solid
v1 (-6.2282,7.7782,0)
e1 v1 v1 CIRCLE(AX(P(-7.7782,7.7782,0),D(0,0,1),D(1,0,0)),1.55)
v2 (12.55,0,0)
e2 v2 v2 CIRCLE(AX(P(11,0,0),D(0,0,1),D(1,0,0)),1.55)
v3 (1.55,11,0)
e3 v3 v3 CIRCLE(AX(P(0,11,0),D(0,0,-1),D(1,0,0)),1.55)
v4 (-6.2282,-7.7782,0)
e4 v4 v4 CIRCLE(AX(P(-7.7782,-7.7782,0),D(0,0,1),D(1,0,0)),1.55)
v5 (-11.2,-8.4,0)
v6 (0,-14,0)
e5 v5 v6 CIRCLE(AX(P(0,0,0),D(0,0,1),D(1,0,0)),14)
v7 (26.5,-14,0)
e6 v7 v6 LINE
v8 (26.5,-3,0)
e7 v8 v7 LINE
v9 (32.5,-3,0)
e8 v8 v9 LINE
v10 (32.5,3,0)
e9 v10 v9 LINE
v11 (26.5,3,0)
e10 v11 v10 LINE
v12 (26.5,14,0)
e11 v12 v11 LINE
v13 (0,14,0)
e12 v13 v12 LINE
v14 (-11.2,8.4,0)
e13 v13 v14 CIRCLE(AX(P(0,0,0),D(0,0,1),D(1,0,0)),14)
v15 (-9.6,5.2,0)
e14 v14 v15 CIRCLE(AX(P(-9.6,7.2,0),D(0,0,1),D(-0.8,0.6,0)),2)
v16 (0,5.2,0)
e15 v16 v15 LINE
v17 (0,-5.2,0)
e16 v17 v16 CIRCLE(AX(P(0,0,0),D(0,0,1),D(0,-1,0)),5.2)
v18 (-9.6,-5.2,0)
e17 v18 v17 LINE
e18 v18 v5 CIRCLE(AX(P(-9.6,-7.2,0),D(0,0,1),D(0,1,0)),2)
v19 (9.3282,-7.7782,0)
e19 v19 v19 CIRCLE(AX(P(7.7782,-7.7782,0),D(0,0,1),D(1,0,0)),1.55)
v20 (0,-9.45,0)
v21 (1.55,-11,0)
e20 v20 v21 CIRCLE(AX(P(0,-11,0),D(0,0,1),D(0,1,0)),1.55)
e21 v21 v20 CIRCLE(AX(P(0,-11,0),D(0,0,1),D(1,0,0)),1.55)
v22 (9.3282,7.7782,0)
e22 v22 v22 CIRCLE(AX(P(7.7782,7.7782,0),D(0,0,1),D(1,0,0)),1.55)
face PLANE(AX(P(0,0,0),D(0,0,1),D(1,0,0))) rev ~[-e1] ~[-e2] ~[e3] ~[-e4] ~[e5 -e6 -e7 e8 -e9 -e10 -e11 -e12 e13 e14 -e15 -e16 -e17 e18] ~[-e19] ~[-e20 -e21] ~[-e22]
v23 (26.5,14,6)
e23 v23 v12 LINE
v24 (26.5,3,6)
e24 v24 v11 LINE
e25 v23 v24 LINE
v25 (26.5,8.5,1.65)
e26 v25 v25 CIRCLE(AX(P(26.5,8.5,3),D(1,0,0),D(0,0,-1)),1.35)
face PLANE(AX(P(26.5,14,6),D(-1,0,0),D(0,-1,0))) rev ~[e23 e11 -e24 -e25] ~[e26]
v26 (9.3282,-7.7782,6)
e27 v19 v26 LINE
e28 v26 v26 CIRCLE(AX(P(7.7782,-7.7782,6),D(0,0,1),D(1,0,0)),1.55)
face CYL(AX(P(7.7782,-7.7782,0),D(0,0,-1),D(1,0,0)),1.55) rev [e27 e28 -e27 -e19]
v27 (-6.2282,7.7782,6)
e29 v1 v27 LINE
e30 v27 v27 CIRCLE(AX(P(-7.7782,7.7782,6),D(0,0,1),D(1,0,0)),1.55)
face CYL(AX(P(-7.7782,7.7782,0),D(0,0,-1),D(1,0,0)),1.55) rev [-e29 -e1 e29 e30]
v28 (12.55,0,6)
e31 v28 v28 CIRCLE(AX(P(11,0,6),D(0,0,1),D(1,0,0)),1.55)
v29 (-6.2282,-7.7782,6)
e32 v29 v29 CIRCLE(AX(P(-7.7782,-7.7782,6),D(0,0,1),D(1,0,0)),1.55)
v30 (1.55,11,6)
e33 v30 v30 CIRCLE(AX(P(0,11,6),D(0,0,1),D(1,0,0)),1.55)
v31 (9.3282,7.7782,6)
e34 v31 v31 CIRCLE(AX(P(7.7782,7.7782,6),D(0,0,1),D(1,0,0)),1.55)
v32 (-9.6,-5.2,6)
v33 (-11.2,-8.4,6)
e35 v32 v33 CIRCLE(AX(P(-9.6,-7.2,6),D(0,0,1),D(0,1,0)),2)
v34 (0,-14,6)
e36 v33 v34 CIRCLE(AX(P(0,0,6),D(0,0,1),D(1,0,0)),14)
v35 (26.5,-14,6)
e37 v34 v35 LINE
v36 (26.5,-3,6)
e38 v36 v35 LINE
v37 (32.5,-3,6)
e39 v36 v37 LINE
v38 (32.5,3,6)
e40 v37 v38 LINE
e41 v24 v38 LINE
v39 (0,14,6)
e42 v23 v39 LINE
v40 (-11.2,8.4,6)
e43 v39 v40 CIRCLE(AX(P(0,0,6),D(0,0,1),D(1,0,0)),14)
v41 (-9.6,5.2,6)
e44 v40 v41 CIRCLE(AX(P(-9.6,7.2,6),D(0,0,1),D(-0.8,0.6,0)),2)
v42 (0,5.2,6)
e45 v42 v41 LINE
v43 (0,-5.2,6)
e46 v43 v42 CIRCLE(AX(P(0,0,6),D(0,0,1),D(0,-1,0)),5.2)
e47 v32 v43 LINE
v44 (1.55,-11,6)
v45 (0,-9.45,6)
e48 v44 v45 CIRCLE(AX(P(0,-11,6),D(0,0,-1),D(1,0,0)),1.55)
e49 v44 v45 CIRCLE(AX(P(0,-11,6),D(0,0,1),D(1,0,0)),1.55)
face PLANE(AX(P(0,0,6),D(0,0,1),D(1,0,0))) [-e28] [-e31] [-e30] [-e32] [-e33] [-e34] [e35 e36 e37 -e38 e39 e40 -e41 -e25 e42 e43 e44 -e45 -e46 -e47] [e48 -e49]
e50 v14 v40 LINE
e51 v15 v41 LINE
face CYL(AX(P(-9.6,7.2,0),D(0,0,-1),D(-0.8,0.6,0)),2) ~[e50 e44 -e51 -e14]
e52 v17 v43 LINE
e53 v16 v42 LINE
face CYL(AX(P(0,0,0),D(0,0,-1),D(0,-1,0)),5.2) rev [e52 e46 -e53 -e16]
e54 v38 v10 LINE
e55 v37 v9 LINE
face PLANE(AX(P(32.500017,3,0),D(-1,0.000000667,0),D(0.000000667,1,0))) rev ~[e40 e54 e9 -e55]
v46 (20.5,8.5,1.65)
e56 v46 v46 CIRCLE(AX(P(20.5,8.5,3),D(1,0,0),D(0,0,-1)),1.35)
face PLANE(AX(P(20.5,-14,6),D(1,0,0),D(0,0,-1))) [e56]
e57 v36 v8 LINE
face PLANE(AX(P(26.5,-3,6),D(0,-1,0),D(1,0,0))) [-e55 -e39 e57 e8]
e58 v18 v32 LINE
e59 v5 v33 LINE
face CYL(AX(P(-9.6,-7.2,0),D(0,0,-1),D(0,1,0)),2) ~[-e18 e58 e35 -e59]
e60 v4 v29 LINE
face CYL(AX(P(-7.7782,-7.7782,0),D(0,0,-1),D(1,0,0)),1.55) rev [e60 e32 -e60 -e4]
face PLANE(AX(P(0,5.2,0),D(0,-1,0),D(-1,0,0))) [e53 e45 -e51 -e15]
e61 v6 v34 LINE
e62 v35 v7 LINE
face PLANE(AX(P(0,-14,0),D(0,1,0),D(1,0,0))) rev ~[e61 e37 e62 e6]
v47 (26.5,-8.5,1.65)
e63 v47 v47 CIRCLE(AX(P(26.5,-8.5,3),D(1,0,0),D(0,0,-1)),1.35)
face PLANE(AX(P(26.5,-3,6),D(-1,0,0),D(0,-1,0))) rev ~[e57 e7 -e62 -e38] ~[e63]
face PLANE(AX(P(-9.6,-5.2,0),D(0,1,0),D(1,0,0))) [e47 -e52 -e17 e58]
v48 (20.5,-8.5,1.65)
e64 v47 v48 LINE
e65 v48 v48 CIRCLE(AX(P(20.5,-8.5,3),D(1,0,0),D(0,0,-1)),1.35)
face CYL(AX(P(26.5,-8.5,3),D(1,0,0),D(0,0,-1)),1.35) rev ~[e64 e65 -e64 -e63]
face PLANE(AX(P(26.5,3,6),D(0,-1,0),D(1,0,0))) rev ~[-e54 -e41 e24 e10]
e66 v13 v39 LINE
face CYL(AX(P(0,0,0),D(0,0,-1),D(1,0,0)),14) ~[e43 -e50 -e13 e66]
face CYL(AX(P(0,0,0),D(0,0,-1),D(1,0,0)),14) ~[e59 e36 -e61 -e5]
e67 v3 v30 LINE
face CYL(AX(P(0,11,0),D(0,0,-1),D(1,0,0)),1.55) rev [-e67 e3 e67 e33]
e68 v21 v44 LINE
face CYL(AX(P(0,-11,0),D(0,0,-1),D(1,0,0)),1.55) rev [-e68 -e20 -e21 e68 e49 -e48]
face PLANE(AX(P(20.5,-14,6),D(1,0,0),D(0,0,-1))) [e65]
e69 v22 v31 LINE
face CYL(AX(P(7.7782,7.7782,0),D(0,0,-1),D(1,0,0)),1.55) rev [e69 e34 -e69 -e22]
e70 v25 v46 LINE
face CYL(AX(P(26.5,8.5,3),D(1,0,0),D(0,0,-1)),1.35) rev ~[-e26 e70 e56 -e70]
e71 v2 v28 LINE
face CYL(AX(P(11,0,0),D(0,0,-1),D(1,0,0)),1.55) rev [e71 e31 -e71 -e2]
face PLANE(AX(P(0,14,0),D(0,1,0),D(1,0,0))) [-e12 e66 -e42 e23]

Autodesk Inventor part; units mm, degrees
ref_plane "YZ Plane" through (0, 0, 0) normal (1, 0, 0) x (0, 1, 0)
ref_plane "XZ Plane" through (0, 0, 0) normal (0, 1, 0) x (-1, 0, 0)
ref_plane "XY Plane" through (0, 0, 0) normal (0, 0, 1) x (1, 0, 0)
sketch "스케치1" plane through (0, 0, 0) normal (0, 0, 1) x (1, 0, 0)
  circle A0 centre (-7.7782, -7.7782) radius 1.55 projected
  circle A1 centre (7.7782, -7.7782) radius 1.55 projected
  circle A2 centre (7.7782, 7.7782) radius 1.55 projected
  circle A3 centre (-7.7782, 7.7782) radius 1.55 projected
  circle A4 centre (0, 11) radius 1.55 projected
  circle A5 centre (11, 0) radius 1.55 projected
  circle A6 centre (0, -11) radius 1.55 projected
  circle A7 centre (-11, 0) radius 1.55 projected
  circle A8 centre (0, 0) radius 14 projected
  arc A9 (0, -5.2) -> (0, 5.2) centre (0, 0) ccw
  line L0 (32.5, -23) -> (32.5001, 127) projected
  line L1 (26.5, -23) -> (32.5, -23) projected
  line L2 (26.5001, 127) -> (26.5, -23) projected
  line L3 (32.5001, 127) -> (26.5001, 127) projected
  line L4 (0, 14) -> (32.5, 14)
  line L5 (32.5, 14) -> (32.5, -12.55)
  line L6 (0, -12.55) -> (0, 14)
  line L7 (0, -14) -> (32.5, -14)
  line L8 (32.5, -14) -> (32.5, -12.55)
  line L9 (0, 5.2) -> (-9.6, 5.2)
  line L10 (-9.6, -5.2) -> (0, -5.2)
  line L11 (0, -5.2) -> (0, 5.2)
  arc A10 (-11.2, -8.4) -> (-11.2, 8.4) centre (0, 0) ccw
  arc A11 (-11.2, 8.4) -> (-9.6, 5.2) centre (-9.6, 7.2) ccw
  arc A12 (-9.6, -5.2) -> (-11.2, -8.4) centre (-9.6, -7.2) ccw
  line L12 (26.5, 0) -> (32.5, 0)
  line L13 (32.5, 0) -> (32.5, -3)
  line L14 (32.5, -3) -> (26.5, -3)
  line L15 (26.5, -3) -> (26.5, 0)
  line L16 (32.5, 0) -> (26.5, 0)
  line L17 (26.5, 0) -> (26.5, 3)
  line L18 (26.5, 3) -> (32.5, 3)
  line L19 (32.5, 3) -> (32.5, 0)
  point P0 (0, 0)
  point P1 (-12.9985, -5.2)
  point P2 (-12.9985, 5.2)
  point P3 (-11.2, 8.4)
  dimension "d1" = 2
  dimension "d4" = 3
  dimension "d5" = 3
extrude "돌출1" add sketch "스케치1" along normal blind 6 contours A4 L6 A8 A12 L10 A9 | A4 L6 L9 A11 A8 | L4 L2 L7 A8 | L4 L0 L18 L2 | L18 L0 L12 L2 | L2 L14 L0 L7 | L12 L0 L14 L2
sketch "스케치2" plane through (0, 0, 6) normal (0, 0, 1) x (1, 0, 0)
  arc A0 (-9.6, -5.2) -> (-11.2, -8.4) centre (-9.6, -7.2) ccw projected
  arc A1 (-11.2, -8.4) -> (0, -14) centre (0, 0) ccw projected
  line L0 (0, -14) -> (32.5, -14) projected
  line L1 (32.5, -14) -> (32.5, 14) projected
  line L2 (32.5, 14) -> (0, 14) projected
  arc A2 (0, 14) -> (-11.2, 8.4) centre (0, 0) ccw projected
  arc A3 (-11.2, 8.4) -> (-9.6, 5.2) centre (-9.6, 7.2) ccw projected
  line L3 (-9.6, 5.2) -> (0, 5.2) projected
  arc A4 (0, -5.2) -> (0, 5.2) centre (0, 0) ccw projected
  line L4 (0, -5.2) -> (-9.6, -5.2) projected
  circle A5 centre (0, -11) radius 1.55 projected
  circle A6 centre (-7.7782, 7.7782) radius 1.55 projected
  circle A7 centre (-7.7782, -7.7782) radius 1.55 projected
  circle A8 centre (7.7782, -7.7782) radius 1.55 projected
  circle A9 centre (7.7782, 7.7782) radius 1.55 projected
  circle A10 centre (11, 0) radius 1.55 projected
  circle A11 centre (0, 11) radius 1.55 projected
  line L5 (32.5, 14) -> (26.5, 14)
  line L6 (26.5, 14) -> (26.5, -14)
  line L7 (26.5, -14) -> (32.5, -14)
  line L8 (32.5, -14) -> (32.5, 14)
  line L9 (32.5, -14) -> (32.5, 14) projected
  line L10 (32.5, 0) -> (26.5, 0)
  line L11 (26.5, 0) -> (26.5, -3)
  line L12 (26.5, -3) -> (32.5, -3)
  line L13 (32.5, -3) -> (32.5, 0)
  line L14 (32.5, 0) -> (26.5, 0)
  line L15 (26.5, 0) -> (26.5, 3)
  line L16 (26.5, 3) -> (32.5, 3)
  line L17 (32.5, 3) -> (32.5, 0)
  point P0 (0, 0)
  point P1 (32.5, -3)
  dimension "d6" = 6
  dimension "d7" = 3
  dimension "d8" = 3
extrude "돌출2" cut sketch "스케치2" against normal blind 6 contours L6 L12 L1 L0 | L6 L2 L1 L16
sketch "스케치3" plane through (32.5, 52, -3.7) normal (1, 0, 0) x (0, -1, 0)
  point P0 (52, -3.7)
sketch "스케치4" plane through (26.5, -14, 6) normal (1, 0, 0) x (0, 0, -1)
  circle A0 centre (3, 5.5) radius 1.35 projected
  circle A1 centre (3, 22.5) radius 1.35 projected
  circle A2 centre (66.3, 80.5) radius 1.3 projected
  circle A3 centre (66.3, 51.5) radius 1.3 projected
  circle A4 centre (66.3, 118) radius 1.35 projected
  circle A5 centre (66.3, 14) radius 1.35 projected
  arc A6 (62.1, 141) -> (63.1, 140) centre (63.1, 141) ccw projected
  line L0 (62.1, 141) -> (-10.1, 141) projected
  line L1 (-10.1, 141) -> (-10.1, -9) projected
  line L2 (-10.1, -9) -> (62.1, -9) projected
  arc A7 (63.1, -8) -> (62.1, -9) centre (63.1, -9) ccw projected
  line L3 (63.1, -8) -> (63.1, -3.8) projected
  arc A8 (64.1, -2.8) -> (63.1, -3.8) centre (63.1, -2.8) ccw projected
  line L4 (64.1, -2.8) -> (68.3, -2.8) projected
  arc A9 (69.3, -1.8) -> (68.3, -2.8) centre (69.3, -2.8) ccw projected
  line L5 (69.3, -1.8) -> (69.3, 29.8) projected
  arc A10 (68.3, 30.8) -> (69.3, 29.8) centre (69.3, 30.8) ccw projected
  line L6 (68.3, 30.8) -> (64.1, 30.8) projected
  arc A11 (63.1, 31.8) -> (64.1, 30.8) centre (63.1, 30.8) ccw projected
  line L7 (63.1, 31.8) -> (63.1, 36.2) projected
  arc A12 (64.1, 37.2) -> (63.1, 36.2) centre (63.1, 37.2) ccw projected
  line L8 (64.1, 37.2) -> (68.3, 37.2) projected
  arc A13 (69.3, 38.2) -> (68.3, 37.2) centre (69.3, 37.2) ccw projected
  line L9 (69.3, 38.2) -> (69.3, 93.8) projected
  arc A14 (68.3, 94.8) -> (69.3, 93.8) centre (69.3, 94.8) ccw projected
  line L10 (68.3, 94.8) -> (64.1, 94.8) projected
  arc A15 (63.1, 95.8) -> (64.1, 94.8) centre (63.1, 94.8) ccw projected
  line L11 (63.1, 95.8) -> (63.1, 100.2) projected
  arc A16 (64.1, 101.2) -> (63.1, 100.2) centre (63.1, 101.2) ccw projected
  line L12 (64.1, 101.2) -> (68.3, 101.2) projected
  arc A17 (69.3, 102.2) -> (68.3, 101.2) centre (69.3, 101.2) ccw projected
  line L13 (69.3, 102.2) -> (69.3, 133.8) projected
  arc A18 (68.3, 134.8) -> (69.3, 133.8) centre (69.3, 134.8) ccw projected
  line L14 (68.3, 134.8) -> (64.1, 134.8) projected
  arc A19 (63.1, 135.8) -> (64.1, 134.8) centre (63.1, 134.8) ccw projected
  line L15 (63.1, 135.8) -> (63.1, 140) projected
  arc A20 (0.8, 121.2) -> (-0.2, 120.2) centre (-0.2, 121.2) ccw projected
  line L16 (0.8, 121.2) -> (5.2, 121.2) projected
  arc A21 (6.2, 120.2) -> (5.2, 121.2) centre (6.2, 121.2) ccw projected
  line L17 (6.2, 120.2) -> (6.2, 115.8) projected
  arc A22 (5.2, 114.8) -> (6.2, 115.8) centre (6.2, 114.8) ccw projected
  line L18 (5.2, 114.8) -> (0.8, 114.8) projected
  arc A23 (-0.2, 115.8) -> (0.8, 114.8) centre (-0.2, 114.8) ccw projected
  line L19 (-0.2, 115.8) -> (-0.2, 120.2) projected
  arc A24 (0.8, 17.2) -> (-0.2, 16.2) centre (-0.2, 17.2) ccw projected
  line L20 (0.8, 17.2) -> (5.2, 17.2) projected
  arc A25 (6.2, 16.2) -> (5.2, 17.2) centre (6.2, 17.2) ccw projected
  line L21 (6.2, 16.2) -> (6.2, 11.8) projected
  arc A26 (5.2, 10.8) -> (6.2, 11.8) centre (6.2, 10.8) ccw projected
  line L22 (5.2, 10.8) -> (0.8, 10.8) projected
  arc A27 (-0.2, 11.8) -> (0.8, 10.8) centre (-0.2, 10.8) ccw projected
  line L23 (-0.2, 11.8) -> (-0.2, 16.2) projected
  circle A28 centre (29.5, 66) radius 1.6 projected
  point P0 (6, 14)
extrude "돌출3" cut sketch "스케치4" against normal blind 6 contours A0 | A1
properties part number "부품69" material "PMMA 플라스틱"
